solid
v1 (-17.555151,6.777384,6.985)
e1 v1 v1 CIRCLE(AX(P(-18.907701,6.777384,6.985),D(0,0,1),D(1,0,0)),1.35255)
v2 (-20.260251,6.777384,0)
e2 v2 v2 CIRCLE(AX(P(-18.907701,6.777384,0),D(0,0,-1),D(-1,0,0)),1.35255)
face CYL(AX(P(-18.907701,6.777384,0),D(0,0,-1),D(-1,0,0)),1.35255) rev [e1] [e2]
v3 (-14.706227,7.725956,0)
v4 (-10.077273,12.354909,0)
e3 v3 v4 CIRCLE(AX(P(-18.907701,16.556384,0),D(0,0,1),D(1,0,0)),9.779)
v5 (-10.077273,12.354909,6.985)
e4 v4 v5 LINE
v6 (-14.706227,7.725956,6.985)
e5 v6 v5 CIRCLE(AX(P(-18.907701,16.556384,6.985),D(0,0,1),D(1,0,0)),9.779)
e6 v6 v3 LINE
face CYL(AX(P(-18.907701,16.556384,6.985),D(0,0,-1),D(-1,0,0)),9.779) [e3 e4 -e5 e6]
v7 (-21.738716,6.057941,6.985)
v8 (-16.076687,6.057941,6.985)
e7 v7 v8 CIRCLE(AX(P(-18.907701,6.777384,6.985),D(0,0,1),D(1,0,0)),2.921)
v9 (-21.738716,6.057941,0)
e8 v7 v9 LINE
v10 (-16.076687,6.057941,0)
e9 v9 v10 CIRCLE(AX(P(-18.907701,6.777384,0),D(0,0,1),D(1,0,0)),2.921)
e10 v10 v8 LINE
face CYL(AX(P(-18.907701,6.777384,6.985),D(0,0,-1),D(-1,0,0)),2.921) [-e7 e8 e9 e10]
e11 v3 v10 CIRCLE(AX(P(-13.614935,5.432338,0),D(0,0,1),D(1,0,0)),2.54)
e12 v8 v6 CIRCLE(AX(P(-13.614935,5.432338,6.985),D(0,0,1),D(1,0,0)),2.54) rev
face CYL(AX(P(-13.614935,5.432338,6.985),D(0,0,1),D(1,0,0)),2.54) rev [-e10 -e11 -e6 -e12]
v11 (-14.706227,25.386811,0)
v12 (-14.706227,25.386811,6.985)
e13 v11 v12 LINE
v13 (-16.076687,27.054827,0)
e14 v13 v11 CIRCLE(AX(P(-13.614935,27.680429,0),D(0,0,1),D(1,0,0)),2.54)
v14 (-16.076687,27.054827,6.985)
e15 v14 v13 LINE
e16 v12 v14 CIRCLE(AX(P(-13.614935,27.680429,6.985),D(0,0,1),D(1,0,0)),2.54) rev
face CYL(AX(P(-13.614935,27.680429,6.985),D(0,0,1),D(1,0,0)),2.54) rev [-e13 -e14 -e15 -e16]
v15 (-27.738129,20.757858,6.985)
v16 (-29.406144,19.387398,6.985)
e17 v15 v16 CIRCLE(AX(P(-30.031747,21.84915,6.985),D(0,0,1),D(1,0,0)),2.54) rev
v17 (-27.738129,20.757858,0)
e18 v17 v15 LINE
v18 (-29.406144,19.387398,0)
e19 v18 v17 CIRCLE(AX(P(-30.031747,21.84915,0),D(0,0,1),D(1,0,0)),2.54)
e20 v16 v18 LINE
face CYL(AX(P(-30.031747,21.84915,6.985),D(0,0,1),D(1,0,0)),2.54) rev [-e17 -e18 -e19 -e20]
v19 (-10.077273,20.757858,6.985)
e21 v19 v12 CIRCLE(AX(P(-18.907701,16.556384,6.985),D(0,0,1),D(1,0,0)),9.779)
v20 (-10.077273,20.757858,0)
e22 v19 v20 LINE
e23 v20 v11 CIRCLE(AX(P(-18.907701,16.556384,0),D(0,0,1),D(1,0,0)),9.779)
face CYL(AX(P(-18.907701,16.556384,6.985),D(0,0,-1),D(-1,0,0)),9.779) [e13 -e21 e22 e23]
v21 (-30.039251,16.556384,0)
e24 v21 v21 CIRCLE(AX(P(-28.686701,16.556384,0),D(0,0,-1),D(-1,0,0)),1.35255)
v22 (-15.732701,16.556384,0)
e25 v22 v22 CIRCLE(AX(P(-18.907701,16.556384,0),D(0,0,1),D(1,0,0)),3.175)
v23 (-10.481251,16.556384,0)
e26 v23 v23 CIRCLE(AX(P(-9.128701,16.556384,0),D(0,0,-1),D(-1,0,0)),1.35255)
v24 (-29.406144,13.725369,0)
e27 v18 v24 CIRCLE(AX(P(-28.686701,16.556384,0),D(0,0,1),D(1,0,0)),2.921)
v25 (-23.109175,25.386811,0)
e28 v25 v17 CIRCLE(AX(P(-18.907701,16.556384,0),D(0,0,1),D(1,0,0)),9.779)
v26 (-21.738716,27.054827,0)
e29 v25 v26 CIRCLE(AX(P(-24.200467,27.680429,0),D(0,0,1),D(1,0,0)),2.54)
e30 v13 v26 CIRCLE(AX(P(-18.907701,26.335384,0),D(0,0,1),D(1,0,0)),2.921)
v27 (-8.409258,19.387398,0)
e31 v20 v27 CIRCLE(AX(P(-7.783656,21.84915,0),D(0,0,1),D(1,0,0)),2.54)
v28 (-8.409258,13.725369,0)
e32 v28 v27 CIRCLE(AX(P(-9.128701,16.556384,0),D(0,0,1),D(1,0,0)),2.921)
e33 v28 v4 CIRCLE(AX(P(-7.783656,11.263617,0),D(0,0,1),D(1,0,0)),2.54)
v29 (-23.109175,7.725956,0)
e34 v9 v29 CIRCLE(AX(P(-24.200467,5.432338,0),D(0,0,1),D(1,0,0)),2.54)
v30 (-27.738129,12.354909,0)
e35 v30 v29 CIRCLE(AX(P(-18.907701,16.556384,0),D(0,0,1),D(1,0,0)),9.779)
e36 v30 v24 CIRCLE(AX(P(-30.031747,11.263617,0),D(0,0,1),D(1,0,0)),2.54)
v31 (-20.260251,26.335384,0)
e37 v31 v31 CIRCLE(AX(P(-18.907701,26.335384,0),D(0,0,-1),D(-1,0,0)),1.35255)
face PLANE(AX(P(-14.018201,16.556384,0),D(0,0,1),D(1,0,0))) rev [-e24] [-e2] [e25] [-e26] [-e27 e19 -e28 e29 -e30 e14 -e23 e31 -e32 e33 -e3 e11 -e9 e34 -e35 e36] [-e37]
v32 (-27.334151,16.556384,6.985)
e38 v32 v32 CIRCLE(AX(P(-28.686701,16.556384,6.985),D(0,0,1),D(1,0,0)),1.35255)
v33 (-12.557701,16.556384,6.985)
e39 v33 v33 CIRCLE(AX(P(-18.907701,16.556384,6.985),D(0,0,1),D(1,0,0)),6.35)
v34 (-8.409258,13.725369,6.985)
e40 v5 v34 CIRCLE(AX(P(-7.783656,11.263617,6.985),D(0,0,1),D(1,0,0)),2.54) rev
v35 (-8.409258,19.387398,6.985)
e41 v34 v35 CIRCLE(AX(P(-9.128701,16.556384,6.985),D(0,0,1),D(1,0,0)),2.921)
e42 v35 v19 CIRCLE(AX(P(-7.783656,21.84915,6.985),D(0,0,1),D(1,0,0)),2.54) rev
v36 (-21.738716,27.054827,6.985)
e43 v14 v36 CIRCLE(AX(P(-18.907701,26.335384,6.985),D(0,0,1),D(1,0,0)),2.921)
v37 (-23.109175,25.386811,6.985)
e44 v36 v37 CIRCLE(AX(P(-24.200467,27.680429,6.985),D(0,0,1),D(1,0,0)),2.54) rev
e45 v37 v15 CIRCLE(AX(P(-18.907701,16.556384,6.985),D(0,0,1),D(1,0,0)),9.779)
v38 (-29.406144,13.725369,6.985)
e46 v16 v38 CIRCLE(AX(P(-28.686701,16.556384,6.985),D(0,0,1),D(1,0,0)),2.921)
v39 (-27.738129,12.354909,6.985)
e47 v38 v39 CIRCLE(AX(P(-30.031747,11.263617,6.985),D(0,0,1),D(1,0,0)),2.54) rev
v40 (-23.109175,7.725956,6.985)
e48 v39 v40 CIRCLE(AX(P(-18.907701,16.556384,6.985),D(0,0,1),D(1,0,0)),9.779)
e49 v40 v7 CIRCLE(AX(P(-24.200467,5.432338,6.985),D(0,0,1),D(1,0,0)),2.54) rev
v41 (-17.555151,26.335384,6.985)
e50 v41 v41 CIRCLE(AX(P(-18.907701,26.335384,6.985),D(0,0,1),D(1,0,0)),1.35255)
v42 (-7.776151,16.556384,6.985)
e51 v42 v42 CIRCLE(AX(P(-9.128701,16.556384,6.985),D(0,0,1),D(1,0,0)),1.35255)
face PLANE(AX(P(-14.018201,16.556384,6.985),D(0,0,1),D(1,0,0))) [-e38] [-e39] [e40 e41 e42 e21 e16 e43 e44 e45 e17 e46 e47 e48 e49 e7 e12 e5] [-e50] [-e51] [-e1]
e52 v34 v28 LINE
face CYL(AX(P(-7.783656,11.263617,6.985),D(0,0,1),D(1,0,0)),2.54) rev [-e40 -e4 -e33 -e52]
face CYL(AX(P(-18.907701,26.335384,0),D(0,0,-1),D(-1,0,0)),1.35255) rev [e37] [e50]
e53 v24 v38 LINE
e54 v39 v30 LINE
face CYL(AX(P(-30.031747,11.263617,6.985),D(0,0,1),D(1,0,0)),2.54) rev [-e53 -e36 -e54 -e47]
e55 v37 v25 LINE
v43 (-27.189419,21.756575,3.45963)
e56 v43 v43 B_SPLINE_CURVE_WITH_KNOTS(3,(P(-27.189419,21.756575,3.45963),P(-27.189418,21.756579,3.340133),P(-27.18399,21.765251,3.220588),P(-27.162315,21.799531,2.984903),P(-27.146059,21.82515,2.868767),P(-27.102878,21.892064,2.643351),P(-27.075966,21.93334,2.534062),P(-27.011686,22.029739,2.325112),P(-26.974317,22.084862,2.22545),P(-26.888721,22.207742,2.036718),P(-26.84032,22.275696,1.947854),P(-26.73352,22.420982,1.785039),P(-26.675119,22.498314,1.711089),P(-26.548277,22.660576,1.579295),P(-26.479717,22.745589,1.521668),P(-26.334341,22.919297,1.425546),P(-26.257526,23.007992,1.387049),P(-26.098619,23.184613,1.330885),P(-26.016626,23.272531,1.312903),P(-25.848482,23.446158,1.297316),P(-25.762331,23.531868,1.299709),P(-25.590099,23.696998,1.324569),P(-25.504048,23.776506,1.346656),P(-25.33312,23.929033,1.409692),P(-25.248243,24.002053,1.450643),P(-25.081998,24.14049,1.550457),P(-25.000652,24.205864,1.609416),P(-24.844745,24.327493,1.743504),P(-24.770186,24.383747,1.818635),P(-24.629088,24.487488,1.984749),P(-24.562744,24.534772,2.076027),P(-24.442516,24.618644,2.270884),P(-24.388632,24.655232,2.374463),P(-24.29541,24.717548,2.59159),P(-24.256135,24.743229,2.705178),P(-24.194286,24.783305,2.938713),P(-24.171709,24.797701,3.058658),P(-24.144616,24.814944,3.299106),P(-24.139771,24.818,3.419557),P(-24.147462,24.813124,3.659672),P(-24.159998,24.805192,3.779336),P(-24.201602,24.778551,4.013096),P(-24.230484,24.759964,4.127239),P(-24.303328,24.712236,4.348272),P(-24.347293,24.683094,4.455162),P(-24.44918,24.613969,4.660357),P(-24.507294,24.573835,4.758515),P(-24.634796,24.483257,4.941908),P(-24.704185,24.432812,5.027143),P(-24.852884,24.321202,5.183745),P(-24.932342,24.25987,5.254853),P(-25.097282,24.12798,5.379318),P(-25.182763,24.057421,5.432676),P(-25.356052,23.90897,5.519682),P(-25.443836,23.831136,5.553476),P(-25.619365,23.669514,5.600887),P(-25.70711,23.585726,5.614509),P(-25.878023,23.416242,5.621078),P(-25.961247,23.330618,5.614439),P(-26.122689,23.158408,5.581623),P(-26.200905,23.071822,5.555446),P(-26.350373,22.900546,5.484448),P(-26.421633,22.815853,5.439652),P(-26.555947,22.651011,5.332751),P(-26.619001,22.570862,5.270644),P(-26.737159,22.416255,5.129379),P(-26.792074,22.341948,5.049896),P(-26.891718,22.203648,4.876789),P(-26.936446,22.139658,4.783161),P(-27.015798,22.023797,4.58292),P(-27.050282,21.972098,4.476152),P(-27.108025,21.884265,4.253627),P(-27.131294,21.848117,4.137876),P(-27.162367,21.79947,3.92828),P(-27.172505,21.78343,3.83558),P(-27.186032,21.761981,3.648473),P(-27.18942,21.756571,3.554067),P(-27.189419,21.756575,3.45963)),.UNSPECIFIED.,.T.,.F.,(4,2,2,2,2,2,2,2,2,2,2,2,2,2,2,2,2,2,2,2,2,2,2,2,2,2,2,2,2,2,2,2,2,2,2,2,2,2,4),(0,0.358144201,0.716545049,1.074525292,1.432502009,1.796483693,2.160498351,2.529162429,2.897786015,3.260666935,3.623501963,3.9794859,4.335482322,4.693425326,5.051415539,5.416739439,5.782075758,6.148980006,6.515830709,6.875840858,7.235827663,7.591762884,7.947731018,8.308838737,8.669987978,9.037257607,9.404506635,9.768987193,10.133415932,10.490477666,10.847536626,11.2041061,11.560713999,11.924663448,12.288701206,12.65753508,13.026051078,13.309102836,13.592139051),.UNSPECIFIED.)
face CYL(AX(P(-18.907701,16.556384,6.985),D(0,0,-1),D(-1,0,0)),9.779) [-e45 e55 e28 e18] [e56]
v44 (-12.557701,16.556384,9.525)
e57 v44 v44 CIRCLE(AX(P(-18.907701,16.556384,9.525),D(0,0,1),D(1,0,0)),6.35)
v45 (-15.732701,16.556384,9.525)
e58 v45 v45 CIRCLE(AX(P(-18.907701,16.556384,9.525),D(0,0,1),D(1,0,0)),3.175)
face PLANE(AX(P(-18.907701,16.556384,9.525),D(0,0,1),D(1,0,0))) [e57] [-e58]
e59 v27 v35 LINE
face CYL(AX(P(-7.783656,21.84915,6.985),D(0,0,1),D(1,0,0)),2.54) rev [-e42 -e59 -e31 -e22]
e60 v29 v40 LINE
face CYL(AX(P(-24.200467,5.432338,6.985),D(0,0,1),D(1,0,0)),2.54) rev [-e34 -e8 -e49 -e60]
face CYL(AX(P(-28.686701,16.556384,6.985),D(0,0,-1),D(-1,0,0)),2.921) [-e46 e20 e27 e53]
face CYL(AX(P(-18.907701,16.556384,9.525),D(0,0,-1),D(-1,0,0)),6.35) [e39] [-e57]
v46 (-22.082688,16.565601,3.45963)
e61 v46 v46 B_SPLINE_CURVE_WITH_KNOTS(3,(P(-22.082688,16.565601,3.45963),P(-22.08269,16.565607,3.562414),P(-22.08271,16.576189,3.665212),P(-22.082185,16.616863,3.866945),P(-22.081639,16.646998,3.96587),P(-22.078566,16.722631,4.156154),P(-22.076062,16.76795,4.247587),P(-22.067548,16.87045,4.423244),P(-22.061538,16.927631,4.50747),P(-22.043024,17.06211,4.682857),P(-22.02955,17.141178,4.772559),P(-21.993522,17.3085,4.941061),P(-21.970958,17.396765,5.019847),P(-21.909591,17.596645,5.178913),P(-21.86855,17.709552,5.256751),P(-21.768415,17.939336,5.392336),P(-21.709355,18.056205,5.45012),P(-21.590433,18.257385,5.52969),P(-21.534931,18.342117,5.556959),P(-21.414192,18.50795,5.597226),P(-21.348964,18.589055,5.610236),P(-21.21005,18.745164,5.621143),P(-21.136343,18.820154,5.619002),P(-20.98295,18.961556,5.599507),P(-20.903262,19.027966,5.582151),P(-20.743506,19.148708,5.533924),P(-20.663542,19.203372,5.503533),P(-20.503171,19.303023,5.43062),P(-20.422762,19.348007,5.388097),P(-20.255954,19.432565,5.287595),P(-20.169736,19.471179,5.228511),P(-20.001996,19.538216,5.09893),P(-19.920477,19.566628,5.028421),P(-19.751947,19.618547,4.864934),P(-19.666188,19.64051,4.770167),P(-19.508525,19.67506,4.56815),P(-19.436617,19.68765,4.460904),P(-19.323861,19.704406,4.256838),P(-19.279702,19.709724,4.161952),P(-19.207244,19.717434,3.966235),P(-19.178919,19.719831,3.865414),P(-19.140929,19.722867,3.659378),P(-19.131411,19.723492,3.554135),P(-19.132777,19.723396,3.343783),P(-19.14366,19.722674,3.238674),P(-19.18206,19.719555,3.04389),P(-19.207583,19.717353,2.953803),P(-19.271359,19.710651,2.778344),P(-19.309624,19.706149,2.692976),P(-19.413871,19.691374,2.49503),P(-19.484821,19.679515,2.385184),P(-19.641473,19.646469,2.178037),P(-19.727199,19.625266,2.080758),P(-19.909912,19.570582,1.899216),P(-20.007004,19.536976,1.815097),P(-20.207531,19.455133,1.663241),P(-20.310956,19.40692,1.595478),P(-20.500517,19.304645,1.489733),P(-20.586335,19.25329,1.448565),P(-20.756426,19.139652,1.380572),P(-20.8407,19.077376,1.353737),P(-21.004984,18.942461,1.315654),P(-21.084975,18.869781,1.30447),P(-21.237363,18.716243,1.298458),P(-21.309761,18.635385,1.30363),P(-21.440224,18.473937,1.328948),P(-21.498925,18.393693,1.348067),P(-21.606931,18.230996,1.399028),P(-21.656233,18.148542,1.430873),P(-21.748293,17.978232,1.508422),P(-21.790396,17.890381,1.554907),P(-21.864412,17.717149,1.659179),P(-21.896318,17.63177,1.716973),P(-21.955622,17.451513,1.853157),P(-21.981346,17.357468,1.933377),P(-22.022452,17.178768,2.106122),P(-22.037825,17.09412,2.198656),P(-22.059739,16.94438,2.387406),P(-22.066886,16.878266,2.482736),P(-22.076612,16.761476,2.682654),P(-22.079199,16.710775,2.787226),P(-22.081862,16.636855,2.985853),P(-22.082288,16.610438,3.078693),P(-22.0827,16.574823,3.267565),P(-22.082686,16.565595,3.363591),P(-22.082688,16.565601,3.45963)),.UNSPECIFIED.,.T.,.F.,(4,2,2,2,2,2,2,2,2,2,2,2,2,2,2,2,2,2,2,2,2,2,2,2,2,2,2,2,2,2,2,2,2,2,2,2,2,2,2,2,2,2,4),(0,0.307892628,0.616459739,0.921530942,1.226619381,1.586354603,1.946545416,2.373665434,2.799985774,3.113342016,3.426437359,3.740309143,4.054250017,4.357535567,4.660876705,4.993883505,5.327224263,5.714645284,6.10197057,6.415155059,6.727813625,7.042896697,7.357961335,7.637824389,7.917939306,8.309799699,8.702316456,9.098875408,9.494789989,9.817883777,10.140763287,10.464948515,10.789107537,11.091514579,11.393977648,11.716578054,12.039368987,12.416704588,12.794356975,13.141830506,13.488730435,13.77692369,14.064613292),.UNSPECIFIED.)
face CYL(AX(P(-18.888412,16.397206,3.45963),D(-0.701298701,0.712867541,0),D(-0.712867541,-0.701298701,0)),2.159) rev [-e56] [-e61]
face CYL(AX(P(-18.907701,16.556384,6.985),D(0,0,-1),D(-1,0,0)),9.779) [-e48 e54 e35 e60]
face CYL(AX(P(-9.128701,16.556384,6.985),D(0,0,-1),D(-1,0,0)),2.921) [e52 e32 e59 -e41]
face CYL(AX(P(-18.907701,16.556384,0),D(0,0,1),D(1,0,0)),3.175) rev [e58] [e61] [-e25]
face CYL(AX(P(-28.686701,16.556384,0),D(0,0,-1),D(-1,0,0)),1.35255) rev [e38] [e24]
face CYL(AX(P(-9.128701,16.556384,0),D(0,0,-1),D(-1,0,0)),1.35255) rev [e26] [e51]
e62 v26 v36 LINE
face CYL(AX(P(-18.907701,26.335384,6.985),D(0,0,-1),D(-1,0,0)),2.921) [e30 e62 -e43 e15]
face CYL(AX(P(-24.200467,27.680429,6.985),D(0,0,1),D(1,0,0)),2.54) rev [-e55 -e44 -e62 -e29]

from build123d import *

# Parameters (mm, degrees)
BOSS_EXTRUDE2_DEPTH   = 6.985
FILLET3_R             = 2.54
SKETCH2_R             = 6.35
BOSS_EXTRUDE3_DEPTH   = 2.54
SKETCH3_R             = 3.175
CUT_EXTRUDE1_DEPTH    = 9.525
F_6_32_TAPPED_HOLE1_D = 2.7051
SKETCH12_R            = 2.159
CUT_EXTRUDE4_DEPTH    = 9.906


with BuildPart() as part:
    # Sketch1 → Boss-Extrude2 (new body)
    with BuildSketch(Plane.XY):
        with BuildLine():
            ThreePointArc((-21.795940027, 25.899130336), (-25.822498312, 23.471180796), (-28.250447852, 19.444622511))
            ThreePointArc((-28.250447852, 19.444622511), (-31.607701099, 16.556383583), (-28.250447852, 13.668144655))
            ThreePointArc((-28.250447852, 13.668144655), (-25.822498312, 9.64158637), (-21.795940027, 7.21363683))
            ThreePointArc((-21.795940027, 7.21363683), (-18.907701099, 3.856383583), (-16.019462171, 7.21363683))
            ThreePointArc((-16.019462171, 7.21363683), (-11.992903886, 9.64158637), (-9.564954346, 13.668144655))
            ThreePointArc((-9.564954346, 13.668144655), (-6.207701099, 16.556383583), (-9.564954346, 19.444622511))
            ThreePointArc((-9.564954346, 19.444622511), (-11.992903886, 23.471180796), (-16.019462171, 25.899130336))
            ThreePointArc((-16.019462171, 25.899130336), (-18.907701099, 29.256383583), (-21.795940027, 25.899130336))
        make_face()
    extrude(amount=BOSS_EXTRUDE2_DEPTH)

    # Fillet3
    fillet3_edges = [part.edges().sort_by_distance(p)[0] for p in [
        (-16.019462171, 7.21363683, 3.4925),
        (-21.795940027, 7.21363683, 3.4925),
        (-28.250447852, 13.668144655, 3.4925),
        (-28.250447852, 19.444622511, 3.4925),
        (-21.795940027, 25.899130336, 3.4925),
        (-16.019462171, 25.899130336, 3.4925),
        (-9.564954346, 19.444622511, 3.4925),
        (-9.564954346, 13.668144655, 3.4925),
    ]]
    fillet(fillet3_edges, radius=FILLET3_R)

    # Sketch2 → Boss-Extrude3 (add)
    with BuildSketch(Plane.XY.offset(6.985)):
        with Locations((-18.907701099, 16.556383583)):
            Circle(SKETCH2_R)
    extrude(amount=BOSS_EXTRUDE3_DEPTH)

    # Sketch3 → Cut-Extrude1 (cut)
    with BuildSketch(Plane.XY.offset(9.525)):
        with Locations((-18.907701099, 16.556383583)):
            Circle(SKETCH3_R)
    extrude(amount=-CUT_EXTRUDE1_DEPTH, mode=Mode.SUBTRACT)

    # #6-32 Tapped Hole1 (through all)
    with Locations(Plane(origin=(0, 0, 0), x_dir=(-1, 0, 0), z_dir=(0, 0, -1))):
        with Locations((18.907701099, 26.335383583), (28.686701099, 16.556383583), (18.907701099, 6.777383583), (9.128701099, 16.556383583)):
            Hole(F_6_32_TAPPED_HOLE1_D / 2)

    # Sketch12 → Cut-Extrude4 (cut)
    with BuildSketch(Plane(origin=(-24.434266922, 24.837342139, 0), x_dir=(0.712867541, 0.701298701, 0), z_dir=(-0.701298701, 0.712867541, 0))):
        with Locations((-1.965596828, -3.45963024)):
            Circle(SKETCH12_R)
    extrude(amount=-CUT_EXTRUDE4_DEPTH, mode=Mode.SUBTRACT)


solid = part.part
